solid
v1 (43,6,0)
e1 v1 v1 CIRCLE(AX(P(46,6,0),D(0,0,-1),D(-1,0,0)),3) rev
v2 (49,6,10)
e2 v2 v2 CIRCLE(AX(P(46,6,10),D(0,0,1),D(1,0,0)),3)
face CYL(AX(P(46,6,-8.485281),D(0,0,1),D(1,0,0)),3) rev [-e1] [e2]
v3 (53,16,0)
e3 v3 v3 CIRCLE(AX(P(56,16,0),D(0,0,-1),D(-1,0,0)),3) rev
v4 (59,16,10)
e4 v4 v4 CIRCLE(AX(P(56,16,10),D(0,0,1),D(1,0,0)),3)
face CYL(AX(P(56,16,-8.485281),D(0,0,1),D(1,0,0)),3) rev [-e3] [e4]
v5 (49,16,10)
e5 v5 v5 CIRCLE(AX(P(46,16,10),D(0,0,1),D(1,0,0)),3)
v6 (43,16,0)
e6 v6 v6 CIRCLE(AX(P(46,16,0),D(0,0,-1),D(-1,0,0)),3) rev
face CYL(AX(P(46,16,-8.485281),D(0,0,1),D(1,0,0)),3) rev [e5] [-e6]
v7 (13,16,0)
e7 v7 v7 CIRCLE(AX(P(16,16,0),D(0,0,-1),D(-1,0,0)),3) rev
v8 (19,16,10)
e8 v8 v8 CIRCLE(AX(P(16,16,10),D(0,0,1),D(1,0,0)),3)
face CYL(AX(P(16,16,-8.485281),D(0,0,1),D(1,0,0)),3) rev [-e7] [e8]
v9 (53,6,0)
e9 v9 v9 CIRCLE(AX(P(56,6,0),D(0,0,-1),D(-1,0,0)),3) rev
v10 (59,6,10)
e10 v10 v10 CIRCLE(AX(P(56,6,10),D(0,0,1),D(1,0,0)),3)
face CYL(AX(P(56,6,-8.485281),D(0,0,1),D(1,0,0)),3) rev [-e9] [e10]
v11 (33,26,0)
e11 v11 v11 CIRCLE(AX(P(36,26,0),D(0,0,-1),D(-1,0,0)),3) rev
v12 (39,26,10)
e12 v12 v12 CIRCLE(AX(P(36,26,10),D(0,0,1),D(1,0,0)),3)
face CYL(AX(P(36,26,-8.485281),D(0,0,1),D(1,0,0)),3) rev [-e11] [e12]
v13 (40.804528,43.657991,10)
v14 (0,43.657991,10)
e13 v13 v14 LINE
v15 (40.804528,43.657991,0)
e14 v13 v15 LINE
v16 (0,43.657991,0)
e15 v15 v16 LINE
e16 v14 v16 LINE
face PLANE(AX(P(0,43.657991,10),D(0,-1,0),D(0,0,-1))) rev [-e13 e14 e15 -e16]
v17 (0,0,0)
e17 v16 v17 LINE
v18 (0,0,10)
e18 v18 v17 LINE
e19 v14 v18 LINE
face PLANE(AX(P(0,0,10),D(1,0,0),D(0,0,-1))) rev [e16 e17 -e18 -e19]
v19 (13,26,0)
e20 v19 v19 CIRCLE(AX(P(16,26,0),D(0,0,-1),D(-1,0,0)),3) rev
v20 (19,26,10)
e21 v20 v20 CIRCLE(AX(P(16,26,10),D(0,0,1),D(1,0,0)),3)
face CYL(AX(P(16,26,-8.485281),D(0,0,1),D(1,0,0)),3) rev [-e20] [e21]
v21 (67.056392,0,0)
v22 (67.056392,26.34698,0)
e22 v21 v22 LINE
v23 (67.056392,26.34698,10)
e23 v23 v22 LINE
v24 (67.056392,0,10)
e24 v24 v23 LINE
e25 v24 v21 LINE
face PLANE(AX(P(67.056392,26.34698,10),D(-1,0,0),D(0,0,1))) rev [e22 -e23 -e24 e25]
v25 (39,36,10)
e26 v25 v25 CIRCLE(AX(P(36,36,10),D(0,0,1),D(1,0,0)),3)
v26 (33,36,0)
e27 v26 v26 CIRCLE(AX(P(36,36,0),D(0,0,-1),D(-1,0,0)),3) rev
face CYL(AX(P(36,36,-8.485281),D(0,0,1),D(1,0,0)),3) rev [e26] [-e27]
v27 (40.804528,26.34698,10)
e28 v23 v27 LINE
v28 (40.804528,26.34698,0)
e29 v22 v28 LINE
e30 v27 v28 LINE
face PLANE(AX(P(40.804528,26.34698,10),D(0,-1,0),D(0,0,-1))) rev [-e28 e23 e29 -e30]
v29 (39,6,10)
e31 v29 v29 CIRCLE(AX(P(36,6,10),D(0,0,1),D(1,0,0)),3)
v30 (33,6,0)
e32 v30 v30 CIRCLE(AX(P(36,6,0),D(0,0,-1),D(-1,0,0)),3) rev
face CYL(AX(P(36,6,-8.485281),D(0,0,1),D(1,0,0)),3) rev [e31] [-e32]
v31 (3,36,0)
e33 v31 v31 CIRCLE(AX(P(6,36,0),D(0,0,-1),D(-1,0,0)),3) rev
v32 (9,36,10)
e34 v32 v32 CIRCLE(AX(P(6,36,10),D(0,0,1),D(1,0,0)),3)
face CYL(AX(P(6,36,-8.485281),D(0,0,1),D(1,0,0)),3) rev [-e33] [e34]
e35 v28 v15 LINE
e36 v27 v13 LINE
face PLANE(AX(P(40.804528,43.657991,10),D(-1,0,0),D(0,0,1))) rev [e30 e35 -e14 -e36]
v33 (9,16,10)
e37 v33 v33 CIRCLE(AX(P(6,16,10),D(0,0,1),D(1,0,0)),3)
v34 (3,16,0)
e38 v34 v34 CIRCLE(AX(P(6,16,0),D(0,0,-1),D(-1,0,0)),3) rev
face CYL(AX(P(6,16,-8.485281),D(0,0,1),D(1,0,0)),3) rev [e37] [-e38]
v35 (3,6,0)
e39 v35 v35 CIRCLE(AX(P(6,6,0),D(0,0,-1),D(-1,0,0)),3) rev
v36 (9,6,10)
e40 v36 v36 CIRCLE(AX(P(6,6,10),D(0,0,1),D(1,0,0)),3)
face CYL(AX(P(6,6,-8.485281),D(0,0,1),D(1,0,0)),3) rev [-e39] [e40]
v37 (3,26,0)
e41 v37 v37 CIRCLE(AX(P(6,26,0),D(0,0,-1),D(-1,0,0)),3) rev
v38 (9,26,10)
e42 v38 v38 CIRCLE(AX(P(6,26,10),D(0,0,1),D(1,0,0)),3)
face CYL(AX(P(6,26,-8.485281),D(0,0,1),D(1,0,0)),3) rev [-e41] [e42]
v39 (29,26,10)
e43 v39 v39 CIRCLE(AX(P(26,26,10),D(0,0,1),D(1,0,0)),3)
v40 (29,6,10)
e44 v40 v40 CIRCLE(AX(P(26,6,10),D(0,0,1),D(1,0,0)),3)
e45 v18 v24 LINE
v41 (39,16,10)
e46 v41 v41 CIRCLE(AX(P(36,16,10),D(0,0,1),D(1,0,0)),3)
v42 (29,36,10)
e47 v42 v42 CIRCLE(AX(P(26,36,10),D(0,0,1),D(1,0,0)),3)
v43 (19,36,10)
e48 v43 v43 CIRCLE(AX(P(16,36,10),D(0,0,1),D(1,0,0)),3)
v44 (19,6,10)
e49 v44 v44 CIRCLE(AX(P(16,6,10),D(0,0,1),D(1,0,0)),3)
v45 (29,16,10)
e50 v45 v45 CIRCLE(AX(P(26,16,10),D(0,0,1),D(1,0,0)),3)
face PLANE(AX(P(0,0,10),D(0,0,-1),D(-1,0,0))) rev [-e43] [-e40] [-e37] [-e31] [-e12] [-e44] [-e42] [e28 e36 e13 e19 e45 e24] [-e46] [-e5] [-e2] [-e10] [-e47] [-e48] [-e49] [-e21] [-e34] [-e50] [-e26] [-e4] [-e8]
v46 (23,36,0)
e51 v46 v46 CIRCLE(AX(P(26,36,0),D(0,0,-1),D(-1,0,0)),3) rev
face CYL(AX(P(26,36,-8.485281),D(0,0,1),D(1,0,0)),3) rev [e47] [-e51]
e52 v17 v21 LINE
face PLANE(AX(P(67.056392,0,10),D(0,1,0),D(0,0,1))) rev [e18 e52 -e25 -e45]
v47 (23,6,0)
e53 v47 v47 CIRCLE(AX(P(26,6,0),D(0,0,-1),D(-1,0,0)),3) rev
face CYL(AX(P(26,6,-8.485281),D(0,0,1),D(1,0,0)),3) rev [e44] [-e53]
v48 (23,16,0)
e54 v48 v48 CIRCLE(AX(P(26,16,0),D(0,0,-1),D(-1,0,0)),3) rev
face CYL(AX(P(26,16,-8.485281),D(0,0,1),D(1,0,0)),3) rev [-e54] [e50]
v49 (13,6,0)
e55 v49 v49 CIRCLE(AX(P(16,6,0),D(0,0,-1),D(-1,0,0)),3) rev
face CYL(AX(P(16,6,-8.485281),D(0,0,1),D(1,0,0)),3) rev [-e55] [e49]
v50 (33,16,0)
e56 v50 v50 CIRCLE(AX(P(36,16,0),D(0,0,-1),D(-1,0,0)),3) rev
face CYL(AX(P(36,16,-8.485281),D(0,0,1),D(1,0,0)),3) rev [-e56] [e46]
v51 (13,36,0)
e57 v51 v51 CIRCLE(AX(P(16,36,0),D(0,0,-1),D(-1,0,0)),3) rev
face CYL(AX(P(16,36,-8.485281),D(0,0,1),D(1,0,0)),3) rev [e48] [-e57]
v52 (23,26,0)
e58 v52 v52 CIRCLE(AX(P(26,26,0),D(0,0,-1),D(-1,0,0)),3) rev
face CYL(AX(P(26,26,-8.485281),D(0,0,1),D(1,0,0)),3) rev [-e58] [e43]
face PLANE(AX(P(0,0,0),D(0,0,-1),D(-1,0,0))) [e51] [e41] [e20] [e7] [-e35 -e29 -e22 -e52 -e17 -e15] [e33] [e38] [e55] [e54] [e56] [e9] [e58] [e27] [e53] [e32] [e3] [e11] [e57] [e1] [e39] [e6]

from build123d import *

# Parameters (mm, degrees)
BOSS_EXTRUDE1_DEPTH  = 10
SKETCH2_R            = 3
CUT_EXTRUDE1_DEPTH   = 10
LPATTERN1_COUNT      = 6
LPATTERN1_PITCH      = 10
LPATTERN1_COUNT_DIR2 = 4
LPATTERN1_PITCH_DIR2 = 10


with BuildPart() as part:
    # Sketch1 → Boss-Extrude1 (new body)
    with BuildSketch(Plane.XY):
        Polygon((0, 0), (0, 43.65799141), (40.804527919, 43.65799141), (40.804527919, 26.346979566), (67.056392035, 26.346979566), (67.056392035, 4.280195236), (67.056392035, 0), align=None)
    extrude(amount=BOSS_EXTRUDE1_DEPTH)

    # Sketch2 → Cut-Extrude1 (cut)
    with BuildSketch(Plane.XY.offset(10)):
        with Locations((6, 6)):
            Circle(SKETCH2_R)
    cut_extrude1 = extrude(amount=-CUT_EXTRUDE1_DEPTH, mode=Mode.SUBTRACT)

    # LPattern1: Cut-Extrude1 6 × 4, 4 skipped
    with Locations(*[(i * LPATTERN1_PITCH, j * LPATTERN1_PITCH_DIR2, 0) for i in range(LPATTERN1_COUNT) for j in range(LPATTERN1_COUNT_DIR2) if (i, j) not in ((0, 0), (4, 2), (4, 3), (5, 2), (5, 3))]):
        add(cut_extrude1, mode=Mode.SUBTRACT)


solid = part.part
